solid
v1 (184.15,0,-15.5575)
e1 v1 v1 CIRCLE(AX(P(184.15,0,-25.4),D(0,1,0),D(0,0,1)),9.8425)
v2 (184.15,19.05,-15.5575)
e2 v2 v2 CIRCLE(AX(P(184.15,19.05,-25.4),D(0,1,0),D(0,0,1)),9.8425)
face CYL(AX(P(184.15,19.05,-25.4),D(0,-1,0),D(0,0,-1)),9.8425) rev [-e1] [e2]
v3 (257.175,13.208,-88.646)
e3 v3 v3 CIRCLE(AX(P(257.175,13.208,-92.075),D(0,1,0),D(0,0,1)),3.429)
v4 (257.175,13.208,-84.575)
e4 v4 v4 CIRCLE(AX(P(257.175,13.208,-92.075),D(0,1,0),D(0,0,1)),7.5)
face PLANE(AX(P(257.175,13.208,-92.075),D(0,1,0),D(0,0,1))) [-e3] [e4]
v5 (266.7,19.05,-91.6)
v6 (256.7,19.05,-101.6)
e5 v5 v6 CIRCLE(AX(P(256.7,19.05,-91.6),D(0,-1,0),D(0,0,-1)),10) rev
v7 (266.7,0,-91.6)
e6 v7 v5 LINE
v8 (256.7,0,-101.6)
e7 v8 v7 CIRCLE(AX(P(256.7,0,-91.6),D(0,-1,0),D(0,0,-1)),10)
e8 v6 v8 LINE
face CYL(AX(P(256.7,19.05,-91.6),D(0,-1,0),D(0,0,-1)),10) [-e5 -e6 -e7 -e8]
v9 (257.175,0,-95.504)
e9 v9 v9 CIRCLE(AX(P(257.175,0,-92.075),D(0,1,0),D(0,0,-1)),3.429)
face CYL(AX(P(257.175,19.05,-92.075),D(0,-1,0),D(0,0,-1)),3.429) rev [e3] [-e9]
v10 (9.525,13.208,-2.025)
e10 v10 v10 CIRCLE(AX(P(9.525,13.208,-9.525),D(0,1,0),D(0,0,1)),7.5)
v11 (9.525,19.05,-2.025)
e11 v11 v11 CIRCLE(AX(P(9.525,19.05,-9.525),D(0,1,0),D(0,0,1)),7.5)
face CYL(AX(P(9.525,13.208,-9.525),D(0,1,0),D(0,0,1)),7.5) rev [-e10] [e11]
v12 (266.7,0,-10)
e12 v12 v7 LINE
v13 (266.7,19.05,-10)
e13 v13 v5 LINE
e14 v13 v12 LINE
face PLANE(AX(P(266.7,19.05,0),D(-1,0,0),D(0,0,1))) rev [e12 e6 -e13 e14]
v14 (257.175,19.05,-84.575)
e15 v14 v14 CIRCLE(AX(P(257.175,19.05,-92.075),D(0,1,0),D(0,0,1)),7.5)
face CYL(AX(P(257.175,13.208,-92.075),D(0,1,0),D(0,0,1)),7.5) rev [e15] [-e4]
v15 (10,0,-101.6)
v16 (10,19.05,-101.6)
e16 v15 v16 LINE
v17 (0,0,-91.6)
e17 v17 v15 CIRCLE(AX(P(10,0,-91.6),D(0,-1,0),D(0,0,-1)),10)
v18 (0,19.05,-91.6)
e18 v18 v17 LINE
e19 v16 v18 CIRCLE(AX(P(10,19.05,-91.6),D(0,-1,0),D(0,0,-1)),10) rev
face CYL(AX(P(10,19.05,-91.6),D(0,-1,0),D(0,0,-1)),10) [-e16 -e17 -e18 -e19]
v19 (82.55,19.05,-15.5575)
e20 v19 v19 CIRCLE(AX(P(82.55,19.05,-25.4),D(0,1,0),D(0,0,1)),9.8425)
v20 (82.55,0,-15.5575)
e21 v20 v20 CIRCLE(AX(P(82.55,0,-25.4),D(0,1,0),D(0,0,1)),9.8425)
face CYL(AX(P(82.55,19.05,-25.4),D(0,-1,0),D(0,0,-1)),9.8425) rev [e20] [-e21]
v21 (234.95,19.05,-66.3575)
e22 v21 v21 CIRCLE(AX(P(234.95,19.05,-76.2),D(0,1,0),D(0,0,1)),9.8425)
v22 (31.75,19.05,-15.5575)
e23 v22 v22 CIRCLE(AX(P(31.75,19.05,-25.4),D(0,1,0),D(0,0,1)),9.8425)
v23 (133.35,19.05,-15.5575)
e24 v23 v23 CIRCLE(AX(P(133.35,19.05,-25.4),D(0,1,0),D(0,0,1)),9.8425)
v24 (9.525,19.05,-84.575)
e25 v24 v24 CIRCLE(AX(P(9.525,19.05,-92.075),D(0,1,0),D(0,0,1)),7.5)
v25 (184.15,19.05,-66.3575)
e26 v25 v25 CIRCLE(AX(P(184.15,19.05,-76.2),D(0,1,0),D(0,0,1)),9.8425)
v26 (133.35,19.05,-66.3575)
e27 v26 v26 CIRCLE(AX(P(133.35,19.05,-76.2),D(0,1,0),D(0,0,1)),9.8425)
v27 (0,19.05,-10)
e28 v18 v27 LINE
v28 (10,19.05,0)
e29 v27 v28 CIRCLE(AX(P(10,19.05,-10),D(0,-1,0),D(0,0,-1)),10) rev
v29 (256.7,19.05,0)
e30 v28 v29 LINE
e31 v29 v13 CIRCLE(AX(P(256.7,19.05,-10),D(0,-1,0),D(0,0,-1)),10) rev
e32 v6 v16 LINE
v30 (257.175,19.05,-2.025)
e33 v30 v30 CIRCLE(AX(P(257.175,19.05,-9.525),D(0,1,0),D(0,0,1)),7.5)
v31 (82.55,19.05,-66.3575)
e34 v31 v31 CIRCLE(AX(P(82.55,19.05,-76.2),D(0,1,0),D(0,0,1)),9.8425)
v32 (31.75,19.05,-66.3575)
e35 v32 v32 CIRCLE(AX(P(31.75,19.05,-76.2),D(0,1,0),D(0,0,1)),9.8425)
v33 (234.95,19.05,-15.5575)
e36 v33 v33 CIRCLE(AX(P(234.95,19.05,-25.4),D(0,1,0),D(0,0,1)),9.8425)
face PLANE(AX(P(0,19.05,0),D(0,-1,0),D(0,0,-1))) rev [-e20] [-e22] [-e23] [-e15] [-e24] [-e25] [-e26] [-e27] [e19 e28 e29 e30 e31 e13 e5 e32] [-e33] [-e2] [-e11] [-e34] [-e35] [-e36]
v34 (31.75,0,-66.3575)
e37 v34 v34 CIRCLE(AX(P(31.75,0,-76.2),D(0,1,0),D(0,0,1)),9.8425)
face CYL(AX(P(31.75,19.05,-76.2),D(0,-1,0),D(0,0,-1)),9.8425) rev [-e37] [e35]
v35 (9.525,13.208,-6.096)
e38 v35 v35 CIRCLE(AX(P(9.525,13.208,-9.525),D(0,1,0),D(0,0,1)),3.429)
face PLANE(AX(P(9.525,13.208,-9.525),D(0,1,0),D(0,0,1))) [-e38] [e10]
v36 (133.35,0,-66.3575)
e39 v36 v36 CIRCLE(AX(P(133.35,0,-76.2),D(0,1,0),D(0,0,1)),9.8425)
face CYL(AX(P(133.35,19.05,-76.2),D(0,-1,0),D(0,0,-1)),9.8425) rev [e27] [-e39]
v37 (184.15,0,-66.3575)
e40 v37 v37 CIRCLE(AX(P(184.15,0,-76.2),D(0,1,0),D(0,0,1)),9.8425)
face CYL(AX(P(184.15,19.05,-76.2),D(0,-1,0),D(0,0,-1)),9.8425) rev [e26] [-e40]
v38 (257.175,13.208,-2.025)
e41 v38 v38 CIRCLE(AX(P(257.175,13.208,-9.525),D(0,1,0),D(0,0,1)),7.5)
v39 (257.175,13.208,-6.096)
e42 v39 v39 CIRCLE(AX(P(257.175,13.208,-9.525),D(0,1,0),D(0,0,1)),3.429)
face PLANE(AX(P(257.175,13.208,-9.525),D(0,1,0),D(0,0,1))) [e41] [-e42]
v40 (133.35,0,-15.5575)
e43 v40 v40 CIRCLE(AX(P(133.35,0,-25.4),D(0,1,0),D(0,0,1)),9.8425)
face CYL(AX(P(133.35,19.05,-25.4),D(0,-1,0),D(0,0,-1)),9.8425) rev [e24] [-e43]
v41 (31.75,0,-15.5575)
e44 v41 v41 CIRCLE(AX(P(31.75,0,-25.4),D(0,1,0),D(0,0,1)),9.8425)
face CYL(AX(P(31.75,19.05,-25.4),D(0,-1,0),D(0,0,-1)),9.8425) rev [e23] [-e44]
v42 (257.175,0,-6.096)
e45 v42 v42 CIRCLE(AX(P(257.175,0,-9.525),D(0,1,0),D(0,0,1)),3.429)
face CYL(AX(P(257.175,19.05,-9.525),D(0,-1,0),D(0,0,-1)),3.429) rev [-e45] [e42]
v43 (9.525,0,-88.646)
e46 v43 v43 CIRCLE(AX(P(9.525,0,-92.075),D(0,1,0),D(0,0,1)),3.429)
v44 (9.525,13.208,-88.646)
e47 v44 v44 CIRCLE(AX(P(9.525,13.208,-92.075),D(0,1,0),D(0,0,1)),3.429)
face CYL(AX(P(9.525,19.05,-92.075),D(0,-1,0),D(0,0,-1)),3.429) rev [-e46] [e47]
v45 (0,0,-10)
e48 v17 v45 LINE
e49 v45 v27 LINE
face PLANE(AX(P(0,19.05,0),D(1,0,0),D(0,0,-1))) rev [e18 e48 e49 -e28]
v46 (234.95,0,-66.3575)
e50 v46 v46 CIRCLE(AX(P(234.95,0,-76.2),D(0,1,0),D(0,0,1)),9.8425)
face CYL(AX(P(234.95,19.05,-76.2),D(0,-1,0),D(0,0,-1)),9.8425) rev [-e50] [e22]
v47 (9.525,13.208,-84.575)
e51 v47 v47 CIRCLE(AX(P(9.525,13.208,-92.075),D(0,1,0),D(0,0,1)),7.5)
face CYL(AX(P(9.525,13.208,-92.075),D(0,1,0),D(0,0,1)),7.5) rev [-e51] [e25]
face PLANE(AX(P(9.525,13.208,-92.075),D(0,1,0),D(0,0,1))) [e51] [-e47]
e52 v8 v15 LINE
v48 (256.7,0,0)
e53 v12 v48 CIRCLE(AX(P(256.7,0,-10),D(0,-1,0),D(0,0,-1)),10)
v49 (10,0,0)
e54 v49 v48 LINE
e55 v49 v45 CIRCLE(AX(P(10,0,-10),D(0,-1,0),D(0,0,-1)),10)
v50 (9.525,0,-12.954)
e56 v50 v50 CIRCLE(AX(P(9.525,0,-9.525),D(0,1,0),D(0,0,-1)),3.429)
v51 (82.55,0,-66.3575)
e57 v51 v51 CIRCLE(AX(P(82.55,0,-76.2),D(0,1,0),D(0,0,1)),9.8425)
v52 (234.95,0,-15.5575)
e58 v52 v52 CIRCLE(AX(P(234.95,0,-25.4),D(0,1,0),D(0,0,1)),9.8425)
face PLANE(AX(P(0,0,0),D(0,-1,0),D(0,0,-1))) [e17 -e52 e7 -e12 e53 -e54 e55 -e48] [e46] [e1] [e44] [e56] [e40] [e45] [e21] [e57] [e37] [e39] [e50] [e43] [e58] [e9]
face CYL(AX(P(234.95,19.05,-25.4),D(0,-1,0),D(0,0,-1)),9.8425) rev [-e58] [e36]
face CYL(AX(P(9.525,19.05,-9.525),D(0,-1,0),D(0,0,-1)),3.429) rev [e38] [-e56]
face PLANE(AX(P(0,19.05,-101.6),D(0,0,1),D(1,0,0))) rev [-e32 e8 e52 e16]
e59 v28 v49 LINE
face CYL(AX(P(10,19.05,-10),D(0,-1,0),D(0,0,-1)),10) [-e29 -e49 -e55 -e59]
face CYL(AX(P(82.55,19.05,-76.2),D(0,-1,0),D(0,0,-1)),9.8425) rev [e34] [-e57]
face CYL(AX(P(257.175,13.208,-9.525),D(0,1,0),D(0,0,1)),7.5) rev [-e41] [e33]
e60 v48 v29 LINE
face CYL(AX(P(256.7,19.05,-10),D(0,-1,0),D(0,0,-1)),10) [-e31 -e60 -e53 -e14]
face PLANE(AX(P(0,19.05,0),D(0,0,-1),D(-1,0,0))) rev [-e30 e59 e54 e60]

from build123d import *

# Parameters (mm, degrees)
SKETCH1_W           = 266.7
SKETCH1_H           = 101.6
SKETCH1_R           = 9.8425
SKETCH1_R_2         = 3.429
BOSS_EXTRUDE1_DEPTH = 19.05
FILLET1_R           = 10
SKETCH2_R           = 7.5
CUT_EXTRUDE1_DEPTH  = 5.842


with BuildPart() as part:
    # Sketch1 → Boss-Extrude1 (new body)
    with BuildSketch(Plane(origin=(0, 0, 0), x_dir=(1, 0, 0), z_dir=(0, 1, 0))):
        with Locations((133.35, 50.8)):
            Rectangle(SKETCH1_W, SKETCH1_H)
        with Locations(Location((31.75, 25.4, 0), (0, 0, 270))):  # turned: the seam where the file's is
            Circle(SKETCH1_R, mode=Mode.SUBTRACT)
        with Locations(Location((82.55, 25.4, 0), (0, 0, 270))):  # turned: the seam where the file's is
            Circle(SKETCH1_R, mode=Mode.SUBTRACT)
        with Locations(Location((133.35, 25.4, 0), (0, 0, 270))):  # turned: the seam where the file's is
            Circle(SKETCH1_R, mode=Mode.SUBTRACT)
        with Locations(Location((184.15, 25.4, 0), (0, 0, 270))):  # turned: the seam where the file's is
            Circle(SKETCH1_R, mode=Mode.SUBTRACT)
        with Locations(Location((234.95, 25.4, 0), (0, 0, 270))):  # turned: the seam where the file's is
            Circle(SKETCH1_R, mode=Mode.SUBTRACT)
        with Locations(Location((82.55, 76.2, 0), (0, 0, 270))):  # turned: the seam where the file's is
            Circle(SKETCH1_R, mode=Mode.SUBTRACT)
        with Locations(Location((133.35, 76.2, 0), (0, 0, 270))):  # turned: the seam where the file's is
            Circle(SKETCH1_R, mode=Mode.SUBTRACT)
        with Locations(Location((184.15, 76.2, 0), (0, 0, 270))):  # turned: the seam where the file's is
            Circle(SKETCH1_R, mode=Mode.SUBTRACT)
        with Locations(Location((234.95, 76.2, 0), (0, 0, 270))):  # turned: the seam where the file's is
            Circle(SKETCH1_R, mode=Mode.SUBTRACT)
        with Locations(Location((31.75, 76.2, 0), (0, 0, 270))):  # turned: the seam where the file's is
            Circle(SKETCH1_R, mode=Mode.SUBTRACT)
        with Locations(Location((9.525, 92.075, 0), (0, 0, 270))):  # turned: the seam where the file's is
            Circle(SKETCH1_R_2, mode=Mode.SUBTRACT)
        with Locations(Location((257.175, 92.075, 0), (0, 0, 90))):  # turned: the seam where the file's is
            Circle(SKETCH1_R_2, mode=Mode.SUBTRACT)
        with Locations(Location((9.525, 9.525, 0), (0, 0, 90))):  # turned: the seam where the file's is
            Circle(SKETCH1_R_2, mode=Mode.SUBTRACT)
        with Locations(Location((257.175, 9.525, 0), (0, 0, 270))):  # turned: the seam where the file's is
            Circle(SKETCH1_R_2, mode=Mode.SUBTRACT)
    extrude(amount=BOSS_EXTRUDE1_DEPTH)

    # Fillet1
    fillet1_edges = [part.edges().sort_by_distance(p)[0] for p in [
        (0, 9.525, -101.6),
        (266.7, 9.525, -101.6),
        (266.7, 9.525, 0),
        (0, 9.525, 0),
    ]]
    fillet(fillet1_edges, radius=FILLET1_R)

    # Sketch2 → Cut-Extrude1 (cut)
    with BuildSketch(Plane(origin=(0, 19.05, 0), x_dir=(1, 0, 0), z_dir=(0, 1, 0))):
        with Locations(Location((9.525, 92.075, 0), (0, 0, 270))):  # turned: the seam where the file's is
            Circle(SKETCH2_R)
        with Locations(Location((257.175, 92.075, 0), (0, 0, 270))):  # turned: the seam where the file's is
            Circle(SKETCH2_R)
        with Locations(Location((257.175, 9.525, 0), (0, 0, 270))):  # turned: the seam where the file's is
            Circle(SKETCH2_R)
        with Locations(Location((9.525, 9.525, 0), (0, 0, 270))):  # turned: the seam where the file's is
            Circle(SKETCH2_R)
    extrude(amount=-CUT_EXTRUDE1_DEPTH, mode=Mode.SUBTRACT)


solid = part.part
